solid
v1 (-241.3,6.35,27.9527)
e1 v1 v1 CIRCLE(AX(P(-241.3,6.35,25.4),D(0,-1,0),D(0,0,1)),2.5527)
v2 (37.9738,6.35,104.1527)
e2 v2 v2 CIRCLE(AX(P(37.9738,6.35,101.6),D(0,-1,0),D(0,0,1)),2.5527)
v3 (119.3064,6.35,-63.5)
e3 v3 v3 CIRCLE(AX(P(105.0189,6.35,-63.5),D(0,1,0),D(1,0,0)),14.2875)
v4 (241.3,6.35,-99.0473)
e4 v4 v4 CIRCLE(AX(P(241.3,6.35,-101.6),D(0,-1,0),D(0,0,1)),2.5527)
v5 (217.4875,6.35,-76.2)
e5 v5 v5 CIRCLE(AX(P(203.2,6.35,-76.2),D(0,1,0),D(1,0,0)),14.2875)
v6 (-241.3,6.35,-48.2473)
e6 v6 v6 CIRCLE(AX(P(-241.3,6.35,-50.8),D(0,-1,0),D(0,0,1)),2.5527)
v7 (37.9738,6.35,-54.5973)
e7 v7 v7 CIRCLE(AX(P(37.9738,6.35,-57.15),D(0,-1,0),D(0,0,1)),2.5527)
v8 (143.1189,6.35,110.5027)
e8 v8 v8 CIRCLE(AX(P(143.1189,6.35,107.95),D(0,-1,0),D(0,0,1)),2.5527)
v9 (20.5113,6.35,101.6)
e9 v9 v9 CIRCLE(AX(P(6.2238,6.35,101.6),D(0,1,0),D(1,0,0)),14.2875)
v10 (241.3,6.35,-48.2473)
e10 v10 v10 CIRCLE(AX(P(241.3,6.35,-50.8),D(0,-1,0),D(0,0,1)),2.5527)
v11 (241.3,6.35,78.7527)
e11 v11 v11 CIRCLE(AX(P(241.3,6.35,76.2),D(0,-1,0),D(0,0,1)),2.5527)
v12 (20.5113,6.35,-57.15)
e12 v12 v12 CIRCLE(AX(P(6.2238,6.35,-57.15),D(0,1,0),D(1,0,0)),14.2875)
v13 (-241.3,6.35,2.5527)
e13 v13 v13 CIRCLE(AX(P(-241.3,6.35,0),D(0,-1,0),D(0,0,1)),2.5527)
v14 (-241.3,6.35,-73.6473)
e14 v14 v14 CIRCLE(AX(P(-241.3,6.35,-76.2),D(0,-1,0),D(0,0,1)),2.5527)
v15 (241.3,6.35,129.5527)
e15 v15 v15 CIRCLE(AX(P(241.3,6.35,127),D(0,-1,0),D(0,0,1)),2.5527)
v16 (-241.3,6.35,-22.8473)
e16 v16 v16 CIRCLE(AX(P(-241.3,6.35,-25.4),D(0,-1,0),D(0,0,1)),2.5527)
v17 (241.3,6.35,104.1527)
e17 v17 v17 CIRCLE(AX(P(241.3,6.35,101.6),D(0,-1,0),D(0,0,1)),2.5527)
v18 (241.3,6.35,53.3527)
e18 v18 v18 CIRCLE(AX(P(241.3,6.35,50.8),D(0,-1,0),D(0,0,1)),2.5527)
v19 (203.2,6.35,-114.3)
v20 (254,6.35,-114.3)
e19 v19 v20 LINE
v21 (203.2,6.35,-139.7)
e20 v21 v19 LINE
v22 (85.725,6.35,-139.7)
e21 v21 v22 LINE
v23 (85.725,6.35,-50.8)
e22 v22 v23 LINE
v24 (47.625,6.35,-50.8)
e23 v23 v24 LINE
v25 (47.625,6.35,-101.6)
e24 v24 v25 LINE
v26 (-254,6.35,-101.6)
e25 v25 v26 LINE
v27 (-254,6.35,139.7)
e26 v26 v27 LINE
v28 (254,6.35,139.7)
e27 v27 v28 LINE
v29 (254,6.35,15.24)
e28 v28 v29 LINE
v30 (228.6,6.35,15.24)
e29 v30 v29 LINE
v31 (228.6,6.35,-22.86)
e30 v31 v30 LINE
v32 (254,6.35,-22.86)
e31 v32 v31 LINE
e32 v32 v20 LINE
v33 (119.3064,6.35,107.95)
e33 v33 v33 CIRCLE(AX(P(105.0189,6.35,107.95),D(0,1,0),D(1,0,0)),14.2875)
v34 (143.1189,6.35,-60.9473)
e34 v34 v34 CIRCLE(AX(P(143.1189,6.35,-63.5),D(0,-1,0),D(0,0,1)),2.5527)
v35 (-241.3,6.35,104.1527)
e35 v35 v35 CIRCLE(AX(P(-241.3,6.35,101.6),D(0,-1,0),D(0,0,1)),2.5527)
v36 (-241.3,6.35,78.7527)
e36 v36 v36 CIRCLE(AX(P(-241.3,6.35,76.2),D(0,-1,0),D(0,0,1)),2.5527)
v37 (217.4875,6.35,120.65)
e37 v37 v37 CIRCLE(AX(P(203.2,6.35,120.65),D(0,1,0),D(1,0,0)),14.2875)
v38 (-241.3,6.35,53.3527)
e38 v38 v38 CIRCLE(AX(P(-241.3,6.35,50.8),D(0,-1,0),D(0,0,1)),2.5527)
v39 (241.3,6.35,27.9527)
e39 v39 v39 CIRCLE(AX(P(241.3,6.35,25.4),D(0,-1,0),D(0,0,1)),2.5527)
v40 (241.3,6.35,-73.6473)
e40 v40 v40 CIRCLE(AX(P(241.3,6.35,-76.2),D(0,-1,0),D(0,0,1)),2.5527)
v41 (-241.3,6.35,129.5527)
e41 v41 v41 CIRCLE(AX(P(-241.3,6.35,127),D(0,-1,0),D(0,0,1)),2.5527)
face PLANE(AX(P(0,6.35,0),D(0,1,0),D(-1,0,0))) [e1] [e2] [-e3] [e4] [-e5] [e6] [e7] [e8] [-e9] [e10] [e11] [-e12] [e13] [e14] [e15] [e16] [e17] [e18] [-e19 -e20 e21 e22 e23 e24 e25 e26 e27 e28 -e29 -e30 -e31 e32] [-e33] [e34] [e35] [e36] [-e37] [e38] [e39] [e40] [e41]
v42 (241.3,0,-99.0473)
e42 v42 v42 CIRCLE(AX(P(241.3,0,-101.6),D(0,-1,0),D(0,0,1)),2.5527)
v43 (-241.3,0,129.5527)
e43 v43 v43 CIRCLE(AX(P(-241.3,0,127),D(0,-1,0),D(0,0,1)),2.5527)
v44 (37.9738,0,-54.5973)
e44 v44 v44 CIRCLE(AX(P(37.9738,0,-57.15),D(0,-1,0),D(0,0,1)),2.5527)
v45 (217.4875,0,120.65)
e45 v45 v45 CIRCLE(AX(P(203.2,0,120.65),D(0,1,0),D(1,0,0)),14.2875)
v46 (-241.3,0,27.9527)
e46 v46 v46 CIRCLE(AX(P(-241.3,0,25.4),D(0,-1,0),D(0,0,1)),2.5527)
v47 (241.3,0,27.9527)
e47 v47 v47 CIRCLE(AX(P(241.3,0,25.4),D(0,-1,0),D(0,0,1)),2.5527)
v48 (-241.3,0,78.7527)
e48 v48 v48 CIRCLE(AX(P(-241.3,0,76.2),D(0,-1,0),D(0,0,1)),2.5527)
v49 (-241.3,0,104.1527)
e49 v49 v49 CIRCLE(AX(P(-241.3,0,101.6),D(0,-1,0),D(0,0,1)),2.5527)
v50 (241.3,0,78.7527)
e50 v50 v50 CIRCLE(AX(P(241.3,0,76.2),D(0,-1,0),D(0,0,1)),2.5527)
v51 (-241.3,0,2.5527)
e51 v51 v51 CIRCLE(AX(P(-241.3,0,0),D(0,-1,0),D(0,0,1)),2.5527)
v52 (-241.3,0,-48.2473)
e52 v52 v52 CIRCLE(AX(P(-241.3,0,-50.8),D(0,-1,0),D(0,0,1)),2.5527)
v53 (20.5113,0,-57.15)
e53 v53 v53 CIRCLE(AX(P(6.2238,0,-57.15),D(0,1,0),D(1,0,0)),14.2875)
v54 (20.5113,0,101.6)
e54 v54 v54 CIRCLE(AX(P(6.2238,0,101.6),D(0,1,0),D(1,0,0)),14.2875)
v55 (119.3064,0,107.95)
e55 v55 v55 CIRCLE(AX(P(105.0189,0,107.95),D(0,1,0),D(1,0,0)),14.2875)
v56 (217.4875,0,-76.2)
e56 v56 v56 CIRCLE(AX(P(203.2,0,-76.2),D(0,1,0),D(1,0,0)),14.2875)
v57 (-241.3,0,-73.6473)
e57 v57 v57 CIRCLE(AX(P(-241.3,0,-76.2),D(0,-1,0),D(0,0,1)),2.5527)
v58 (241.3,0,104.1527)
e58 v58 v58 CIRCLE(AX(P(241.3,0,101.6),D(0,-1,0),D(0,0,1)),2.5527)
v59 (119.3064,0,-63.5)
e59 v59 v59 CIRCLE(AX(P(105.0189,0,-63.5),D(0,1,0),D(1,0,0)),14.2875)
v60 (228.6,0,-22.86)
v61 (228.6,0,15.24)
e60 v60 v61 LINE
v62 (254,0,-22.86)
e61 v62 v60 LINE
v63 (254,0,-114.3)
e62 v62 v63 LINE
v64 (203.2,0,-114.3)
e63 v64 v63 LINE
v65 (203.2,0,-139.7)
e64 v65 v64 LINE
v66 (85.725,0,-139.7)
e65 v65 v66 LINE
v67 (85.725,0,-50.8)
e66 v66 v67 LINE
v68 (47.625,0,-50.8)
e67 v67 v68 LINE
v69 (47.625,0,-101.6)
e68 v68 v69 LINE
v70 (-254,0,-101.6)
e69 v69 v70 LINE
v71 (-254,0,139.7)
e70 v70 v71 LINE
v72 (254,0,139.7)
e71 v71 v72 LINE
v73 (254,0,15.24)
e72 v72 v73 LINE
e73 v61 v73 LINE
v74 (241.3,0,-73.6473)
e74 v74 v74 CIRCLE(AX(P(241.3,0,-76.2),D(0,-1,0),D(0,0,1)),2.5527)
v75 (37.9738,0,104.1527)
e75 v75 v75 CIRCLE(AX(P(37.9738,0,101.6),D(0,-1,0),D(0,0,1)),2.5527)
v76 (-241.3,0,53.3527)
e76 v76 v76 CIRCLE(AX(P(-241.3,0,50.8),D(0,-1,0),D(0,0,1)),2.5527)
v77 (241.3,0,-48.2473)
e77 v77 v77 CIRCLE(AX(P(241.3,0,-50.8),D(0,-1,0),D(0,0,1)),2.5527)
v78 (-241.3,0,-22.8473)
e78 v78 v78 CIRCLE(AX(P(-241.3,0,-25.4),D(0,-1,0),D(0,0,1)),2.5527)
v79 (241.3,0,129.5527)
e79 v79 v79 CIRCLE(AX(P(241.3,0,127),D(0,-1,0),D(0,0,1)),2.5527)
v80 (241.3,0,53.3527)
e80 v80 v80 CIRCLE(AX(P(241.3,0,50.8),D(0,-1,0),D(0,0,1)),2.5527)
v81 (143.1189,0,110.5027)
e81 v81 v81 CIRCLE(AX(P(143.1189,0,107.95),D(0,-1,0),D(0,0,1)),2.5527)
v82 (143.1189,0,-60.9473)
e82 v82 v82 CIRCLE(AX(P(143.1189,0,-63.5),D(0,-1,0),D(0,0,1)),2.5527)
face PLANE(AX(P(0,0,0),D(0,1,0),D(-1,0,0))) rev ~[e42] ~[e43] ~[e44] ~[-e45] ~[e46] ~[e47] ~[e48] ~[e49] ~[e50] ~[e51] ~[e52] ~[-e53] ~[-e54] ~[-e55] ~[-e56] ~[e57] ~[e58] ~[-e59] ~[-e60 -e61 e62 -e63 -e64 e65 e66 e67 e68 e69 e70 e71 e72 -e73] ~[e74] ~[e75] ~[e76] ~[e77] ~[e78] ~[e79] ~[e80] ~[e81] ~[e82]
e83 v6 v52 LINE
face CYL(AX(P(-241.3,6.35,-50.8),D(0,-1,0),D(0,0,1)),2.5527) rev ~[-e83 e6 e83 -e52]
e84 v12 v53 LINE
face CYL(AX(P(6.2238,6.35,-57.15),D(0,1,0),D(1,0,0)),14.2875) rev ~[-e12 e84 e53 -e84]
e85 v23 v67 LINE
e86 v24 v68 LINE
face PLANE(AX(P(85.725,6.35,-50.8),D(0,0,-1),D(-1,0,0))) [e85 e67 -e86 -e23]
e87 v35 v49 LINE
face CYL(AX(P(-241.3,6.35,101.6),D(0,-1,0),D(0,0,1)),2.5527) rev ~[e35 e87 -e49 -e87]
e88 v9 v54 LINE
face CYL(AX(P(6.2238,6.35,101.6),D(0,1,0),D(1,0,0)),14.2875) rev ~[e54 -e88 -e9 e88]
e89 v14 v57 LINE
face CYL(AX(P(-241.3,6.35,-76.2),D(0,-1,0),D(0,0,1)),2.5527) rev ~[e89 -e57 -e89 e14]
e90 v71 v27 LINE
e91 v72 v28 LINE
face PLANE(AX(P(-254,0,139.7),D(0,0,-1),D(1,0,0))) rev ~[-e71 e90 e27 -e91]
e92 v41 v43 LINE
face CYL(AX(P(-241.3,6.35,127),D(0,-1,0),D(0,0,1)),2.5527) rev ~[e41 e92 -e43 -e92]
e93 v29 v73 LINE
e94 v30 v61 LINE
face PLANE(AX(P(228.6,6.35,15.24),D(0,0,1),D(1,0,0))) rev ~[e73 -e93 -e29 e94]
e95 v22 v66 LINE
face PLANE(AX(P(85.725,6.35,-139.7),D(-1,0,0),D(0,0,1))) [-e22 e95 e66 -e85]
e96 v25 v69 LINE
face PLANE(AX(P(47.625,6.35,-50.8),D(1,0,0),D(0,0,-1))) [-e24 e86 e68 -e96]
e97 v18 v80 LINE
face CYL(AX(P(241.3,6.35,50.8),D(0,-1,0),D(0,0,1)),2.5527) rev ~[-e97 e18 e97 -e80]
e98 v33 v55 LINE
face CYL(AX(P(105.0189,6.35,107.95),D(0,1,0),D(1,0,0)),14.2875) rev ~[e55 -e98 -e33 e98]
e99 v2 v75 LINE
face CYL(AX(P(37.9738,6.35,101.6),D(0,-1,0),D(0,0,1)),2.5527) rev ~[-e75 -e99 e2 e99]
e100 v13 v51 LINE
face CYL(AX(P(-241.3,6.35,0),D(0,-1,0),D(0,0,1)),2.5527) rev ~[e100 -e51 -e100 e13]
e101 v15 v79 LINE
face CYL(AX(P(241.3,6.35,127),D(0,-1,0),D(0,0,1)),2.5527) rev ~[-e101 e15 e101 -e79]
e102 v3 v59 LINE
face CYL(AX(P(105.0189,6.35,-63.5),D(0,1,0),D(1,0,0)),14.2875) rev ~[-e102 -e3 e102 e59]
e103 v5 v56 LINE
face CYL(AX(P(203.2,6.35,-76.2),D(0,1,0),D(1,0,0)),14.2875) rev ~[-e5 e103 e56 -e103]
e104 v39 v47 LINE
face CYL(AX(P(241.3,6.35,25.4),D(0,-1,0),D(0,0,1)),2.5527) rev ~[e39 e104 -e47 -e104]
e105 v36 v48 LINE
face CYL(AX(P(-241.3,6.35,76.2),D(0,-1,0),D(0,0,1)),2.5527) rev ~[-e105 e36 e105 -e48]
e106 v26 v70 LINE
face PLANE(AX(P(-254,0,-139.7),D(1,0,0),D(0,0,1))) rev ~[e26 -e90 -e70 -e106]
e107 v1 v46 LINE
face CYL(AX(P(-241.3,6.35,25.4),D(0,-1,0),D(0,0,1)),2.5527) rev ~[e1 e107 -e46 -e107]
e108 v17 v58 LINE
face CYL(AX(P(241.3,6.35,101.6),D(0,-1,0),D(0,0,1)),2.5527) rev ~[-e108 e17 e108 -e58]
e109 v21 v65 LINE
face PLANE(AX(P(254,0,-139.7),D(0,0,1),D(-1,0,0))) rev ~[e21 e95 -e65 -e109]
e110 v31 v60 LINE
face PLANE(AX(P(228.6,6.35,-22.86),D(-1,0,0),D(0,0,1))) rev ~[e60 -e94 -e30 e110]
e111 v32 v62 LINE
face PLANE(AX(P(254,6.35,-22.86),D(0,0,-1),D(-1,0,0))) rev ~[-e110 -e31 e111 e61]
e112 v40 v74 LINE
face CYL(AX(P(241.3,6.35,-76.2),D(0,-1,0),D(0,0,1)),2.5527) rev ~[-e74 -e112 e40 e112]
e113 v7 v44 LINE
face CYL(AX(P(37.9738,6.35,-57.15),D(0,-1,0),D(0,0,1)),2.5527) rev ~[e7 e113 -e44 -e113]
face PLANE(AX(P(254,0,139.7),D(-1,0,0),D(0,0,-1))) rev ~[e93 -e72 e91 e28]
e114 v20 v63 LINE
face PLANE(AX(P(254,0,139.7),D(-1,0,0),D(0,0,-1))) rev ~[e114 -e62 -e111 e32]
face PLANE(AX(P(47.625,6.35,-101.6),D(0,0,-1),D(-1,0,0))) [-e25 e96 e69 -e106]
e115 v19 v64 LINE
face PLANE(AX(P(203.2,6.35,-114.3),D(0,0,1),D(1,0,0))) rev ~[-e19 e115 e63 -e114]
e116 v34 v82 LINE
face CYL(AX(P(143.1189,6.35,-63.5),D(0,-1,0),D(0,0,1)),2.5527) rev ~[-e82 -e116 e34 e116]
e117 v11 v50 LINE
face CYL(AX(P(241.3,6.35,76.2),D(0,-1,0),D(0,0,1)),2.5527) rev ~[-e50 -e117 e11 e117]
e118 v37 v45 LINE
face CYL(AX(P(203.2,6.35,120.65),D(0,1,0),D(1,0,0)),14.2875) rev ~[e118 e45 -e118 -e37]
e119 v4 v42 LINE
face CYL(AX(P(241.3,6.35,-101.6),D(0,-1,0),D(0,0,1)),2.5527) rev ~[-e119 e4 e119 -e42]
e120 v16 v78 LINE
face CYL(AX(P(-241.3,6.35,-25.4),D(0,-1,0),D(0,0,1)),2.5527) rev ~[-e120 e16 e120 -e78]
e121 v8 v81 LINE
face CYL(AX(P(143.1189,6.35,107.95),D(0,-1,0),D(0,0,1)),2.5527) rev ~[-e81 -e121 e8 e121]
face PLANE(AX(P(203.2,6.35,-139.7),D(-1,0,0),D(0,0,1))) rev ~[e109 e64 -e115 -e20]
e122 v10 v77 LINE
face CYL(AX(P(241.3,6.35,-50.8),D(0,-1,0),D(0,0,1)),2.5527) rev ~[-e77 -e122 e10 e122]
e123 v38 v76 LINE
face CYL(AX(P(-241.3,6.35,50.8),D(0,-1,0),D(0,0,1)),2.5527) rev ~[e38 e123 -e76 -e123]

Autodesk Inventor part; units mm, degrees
ref_plane "YZ Plane" through (0, 0, 0) normal (1, 0, 0) x (0, 1, 0)
ref_plane "XZ Plane" through (0, 0, 0) normal (0, 1, 0) x (-1, 0, 0)
ref_plane "XY Plane" through (0, 0, 0) normal (0, 0, 1) x (1, 0, 0)
sketch "Sketch1" plane through (0, 0, 0) normal (0, 1, 0) x (-1, 0, 0)
  line L0 (-254, -139.7) -> (254, -139.7)
  line L1 (254, -139.7) -> (254, 139.7)
  line L2 (254, 139.7) -> (-254, 139.7)
  line L3 (-254, 139.7) -> (-254, -139.7)
  line L4 (-254, -139.7) -> (254, 139.7) construction
  line L5 (254, -139.7) -> (-254, 139.7) construction
  point P0 (0, 0)
  dimension "d0" = 508
  dimension "d1" = 279.4
extrude "Extrusion1" add sketch "Sketch1" along normal blind 6.35
sketch "Sketch2" plane through (0, 6.35, 0) normal (0, 1, 0) x (1, 0, 0)
  line L0 (-254, 139.7) -> (-254, -139.7) construction
  line L1 (-254, -139.7) -> (254, -139.7) construction
  line L2 (254, -139.7) -> (254, 139.7) construction
  point P0 (0, 0)
  point P1 (-241.3, -127)
  point P2 (241.3, -127)
  point P3 (-241.3, -101.6)
  point P4 (241.3, -101.6)
  point P5 (-241.3, -76.2)
  point P6 (241.3, -76.2)
  point P7 (-241.3, -50.8)
  point P8 (241.3, -50.8)
  point P9 (-241.3, -25.4)
  point P10 (241.3, -25.4)
  point P11 (-241.3, 0)
  point P12 (241.3, 0)
  point P13 (-241.3, 25.4)
  point P14 (241.3, 25.4)
  point P15 (-241.3, 50.8)
  point P16 (241.3, 50.8)
  point P17 (-241.3, 76.2)
  point P18 (241.3, 76.2)
  point P19 (-241.3, 101.6)
  point P20 (241.3, 101.6)
  point P21 (-241.3, 127)
  point P22 (241.3, 127)
  dimension "d4" = 12.7
  dimension "d5" = 12.7
  dimension "d6" = 12.7
  dimension "d9" = 25.4
hole "Hole1" at (-241.3, 6.35, 127) at (241.3, 6.35, 127) at (-241.3, 6.35, 101.6) at (241.3, 6.35, 101.6) at (-241.3, 6.35, 76.2) at (241.3, 6.35, 76.2) at (-241.3, 6.35, 50.8) at (241.3, 6.35, 50.8) at (-241.3, 6.35, 25.4) at (-241.3, 6.35, 0) at (-241.3, 6.35, -25.4) at (-241.3, 6.35, -50.8) at (241.3, 6.35, -50.8) at (241.3, 6.35, -76.2) at (241.3, 6.35, -101.6) at (241.3, 6.35, -127) at (241.3, 6.35, 25.4) at (-241.3, 6.35, -76.2) direction (0, -1, 0) diameter 5.1054 end through all clearance for "Flat Head Machine Screw (82)" size "#10" standard "Ansi Unified Screw Threads"
sketch "Sketch3" plane through (0, 6.35, 0) normal (0, 1, 0) x (1, 0, 0)
  circle A0 centre (-241.3, 50.8) radius 2.5527 construction
  circle A1 centre (-241.3, 25.4) radius 2.5527 construction
  circle A2 centre (-241.3, 0) radius 2.5527 construction
  circle A3 centre (-241.3, -25.4) radius 2.5527 construction
  circle A4 centre (-241.3, -50.8) radius 2.5527 construction
  circle A5 centre (-241.3, -76.2) radius 2.5527 construction
  circle A6 centre (-241.3, -101.6) radius 2.5527 construction
  circle A7 centre (-241.3, -127) radius 2.5527 construction
  circle A8 centre (241.3, -127) radius 2.5527 construction
  circle A9 centre (241.3, -101.6) radius 2.5527 construction
  circle A10 centre (241.3, -76.2) radius 2.5527 construction
  circle A11 centre (241.3, -50.8) radius 2.5527 construction
  circle A12 centre (241.3, 50.8) radius 2.5527 construction
  circle A13 centre (241.3, 76.2) radius 2.5527 construction
  circle A14 centre (241.3, 101.6) radius 2.5527 construction
  circle A15 centre (241.3, 127) radius 2.5527 construction
  line L0 (-254, 139.7) -> (-254, -139.7) construction
  line L1 (-254, -139.7) -> (254, -139.7) construction
  line L2 (254, -139.7) -> (254, 139.7) construction
  line L3 (254, 139.7) -> (-254, 139.7) construction
  line L4 (-254, 139.7) -> (-254, -139.7) construction
  line L5 (254, 139.7) -> (-254, 139.7) construction
  line L6 (254, 139.7) -> (203.2, 139.7)
  line L7 (203.2, 139.7) -> (203.2, 114.3)
  line L8 (203.2, 114.3) -> (254, 114.3)
  line L9 (254, 114.3) -> (254, 139.7)
  line L10 (254, 139.7) -> (-254, 139.7) construction
  line L11 (-254, 139.7) -> (47.625, 139.7)
  line L12 (47.625, 139.7) -> (47.625, 101.6)
  line L13 (47.625, 101.6) -> (-254, 101.6)
  line L14 (-254, 101.6) -> (-254, 139.7)
  line L15 (47.625, 139.7) -> (85.725, 139.7)
  line L16 (85.725, 139.7) -> (85.725, 50.8)
  line L17 (85.725, 50.8) -> (47.625, 50.8)
  line L18 (47.625, 50.8) -> (47.625, 139.7)
  line L19 (254, -139.7) -> (254, 139.7) construction
  line L20 (254, 22.86) -> (228.6, 22.86)
  line L21 (228.6, 22.86) -> (228.6, -15.24)
  line L22 (228.6, -15.24) -> (254, -15.24)
  line L23 (254, -15.24) -> (254, 22.86)
  point P0 (0, 0)
  dimension "d30" = 25.4
  dimension "d31" = 50.8
  dimension "d42" = 206.375
  dimension "d43" = 38.1
  dimension "d44" = 88.9
  dimension "d45" = 168.275
  dimension "d46" = 25.4
  dimension "d47" = 38.1
  dimension "d48" = 124.46
extrude "Extrusion2" cut sketch "Sketch3" against normal through all
sketch "Sketch4" plane through (0, 6.35, 0) normal (0, 1, 0) x (1, 0, 0)
  line L0 (-224.6258, 34.925) -> (80.1742, 34.925) construction
  line L1 (80.1742, 34.925) -> (80.1742, -79.375) construction
  line L2 (80.1742, -79.375) -> (-224.6258, -79.375) construction
  line L3 (-224.6258, -79.375) -> (-224.6258, 34.925) construction
  circle A0 centre (203.2, -120.65) radius 14.2875
  circle A1 centre (105.0189, -107.95) radius 14.2875
  circle A2 centre (203.2, 76.2) radius 14.2875
  circle A3 centre (203.2, -120.65) radius 50.8 construction
  circle A4 centre (203.2, 76.2) radius 50.8 construction
  circle A5 centre (105.0189, -107.95) radius 31.75 construction
  circle A6 centre (203.2, -120.65) radius 41.275 construction
  circle A7 centre (203.2, 76.2) radius 41.275 construction
  line L4 (254, 22.86) -> (254, 114.3) construction
  line L5 (254, 114.3) -> (203.2, 114.3) construction
  line L6 (203.2, 114.3) -> (203.2, 139.7) construction
  line L7 (203.2, 139.7) -> (85.725, 139.7) construction
  line L8 (-254, 101.6) -> (-254, -139.7) construction
  line L9 (-254, -139.7) -> (254, -139.7) construction
  circle A8 centre (-241.3, -25.4) radius 2.5527 construction
  circle A9 centre (-241.3, -50.8) radius 2.5527 construction
  circle A10 centre (-241.3, -76.2) radius 2.5527 construction
  circle A11 centre (-241.3, -101.6) radius 2.5527 construction
  circle A12 centre (-241.3, -127) radius 2.5527 construction
  circle A13 centre (241.3, -127) radius 2.5527 construction
  circle A14 centre (241.3, -101.6) radius 2.5527 construction
  circle A15 centre (241.3, -76.2) radius 2.5527 construction
  circle A16 centre (241.3, -50.8) radius 2.5527 construction
  circle A17 centre (241.3, 50.8) radius 2.5527 construction
  circle A18 centre (241.3, 76.2) radius 2.5527 construction
  circle A19 centre (241.3, 101.6) radius 2.5527 construction
  circle A20 centre (105.0189, -107.95) radius 28.575 construction
  circle A21 centre (-241.3, 50.8) radius 2.5527 projected
  line L10 (47.625, 50.8) -> (47.625, 101.6) projected
  line L11 (47.625, 101.6) -> (-254, 101.6) projected
  line L12 (85.725, 139.7) -> (85.725, 50.8) projected
  line L13 (85.725, 50.8) -> (47.625, 50.8) projected
  line L14 (254, -139.7) -> (254, -15.24) projected
  line L15 (254, -15.24) -> (228.6, -15.24) projected
  line L16 (228.6, -15.24) -> (228.6, 22.86) projected
  line L17 (228.6, 22.86) -> (254, 22.86) projected
  circle A22 centre (105.0189, 63.5) radius 14.2875
  circle A23 centre (105.0189, 63.5) radius 28.575 construction
  circle A24 centre (105.0189, 63.5) radius 31.75 construction
  circle A25 centre (6.2238, -101.6) radius 14.2875
  circle A26 centre (6.2238, 57.15) radius 14.2875
  circle A27 centre (6.2238, -101.6) radius 25.4 construction
  circle A28 centre (6.2238, -101.6) radius 22.225 construction
  circle A29 centre (6.2238, 57.15) radius 25.4 construction
  circle A30 centre (6.2238, 57.15) radius 22.225 construction
  point P0 (0, 0)
  point P1 (37.9738, 57.15)
  point P2 (37.9738, -101.6)
  point P3 (143.1189, -107.95)
  point P4 (143.1189, 63.5)
  dimension "d28" = 114.3
  dimension "d29" = 304.8
  dimension "d32" = 28.575
  dimension "d33" = 101.6
  dimension "d34" = 63.5
  dimension "d35" = 82.55
  dimension "d36" = 3.175
  dimension "d37" = 98.999
  dimension "d38" = 19.05
  dimension "d49" = 50.8
  dimension "d50" = 3.175
  dimension "d51" = 98.999
  dimension "d55" = 38.1
  dimension "d64" = 12.7
  dimension "d65" = 6.35
  dimension "d67" = 31.75
extrude "Extrusion3" cut sketch "Sketch4" against normal blind 25.4 contours A0 | A1 | A2 | A22 | A25 | A26
hole "Hole2" at (37.9738, 6.35, -57.15) at (37.9738, 6.35, 101.6) at (143.1189, 6.35, 107.95) at (143.1189, 6.35, -63.5) direction (0, -1, 0) diameter 5.1054 end through all clearance for "Flat Head Machine Screw (82)" size "#10" standard "Ansi Unified Screw Threads"
equation "\"d6\" = d4"
equation "\"d51\" = d37"
properties part number "GP3-001" material "Aluminum 6061"
